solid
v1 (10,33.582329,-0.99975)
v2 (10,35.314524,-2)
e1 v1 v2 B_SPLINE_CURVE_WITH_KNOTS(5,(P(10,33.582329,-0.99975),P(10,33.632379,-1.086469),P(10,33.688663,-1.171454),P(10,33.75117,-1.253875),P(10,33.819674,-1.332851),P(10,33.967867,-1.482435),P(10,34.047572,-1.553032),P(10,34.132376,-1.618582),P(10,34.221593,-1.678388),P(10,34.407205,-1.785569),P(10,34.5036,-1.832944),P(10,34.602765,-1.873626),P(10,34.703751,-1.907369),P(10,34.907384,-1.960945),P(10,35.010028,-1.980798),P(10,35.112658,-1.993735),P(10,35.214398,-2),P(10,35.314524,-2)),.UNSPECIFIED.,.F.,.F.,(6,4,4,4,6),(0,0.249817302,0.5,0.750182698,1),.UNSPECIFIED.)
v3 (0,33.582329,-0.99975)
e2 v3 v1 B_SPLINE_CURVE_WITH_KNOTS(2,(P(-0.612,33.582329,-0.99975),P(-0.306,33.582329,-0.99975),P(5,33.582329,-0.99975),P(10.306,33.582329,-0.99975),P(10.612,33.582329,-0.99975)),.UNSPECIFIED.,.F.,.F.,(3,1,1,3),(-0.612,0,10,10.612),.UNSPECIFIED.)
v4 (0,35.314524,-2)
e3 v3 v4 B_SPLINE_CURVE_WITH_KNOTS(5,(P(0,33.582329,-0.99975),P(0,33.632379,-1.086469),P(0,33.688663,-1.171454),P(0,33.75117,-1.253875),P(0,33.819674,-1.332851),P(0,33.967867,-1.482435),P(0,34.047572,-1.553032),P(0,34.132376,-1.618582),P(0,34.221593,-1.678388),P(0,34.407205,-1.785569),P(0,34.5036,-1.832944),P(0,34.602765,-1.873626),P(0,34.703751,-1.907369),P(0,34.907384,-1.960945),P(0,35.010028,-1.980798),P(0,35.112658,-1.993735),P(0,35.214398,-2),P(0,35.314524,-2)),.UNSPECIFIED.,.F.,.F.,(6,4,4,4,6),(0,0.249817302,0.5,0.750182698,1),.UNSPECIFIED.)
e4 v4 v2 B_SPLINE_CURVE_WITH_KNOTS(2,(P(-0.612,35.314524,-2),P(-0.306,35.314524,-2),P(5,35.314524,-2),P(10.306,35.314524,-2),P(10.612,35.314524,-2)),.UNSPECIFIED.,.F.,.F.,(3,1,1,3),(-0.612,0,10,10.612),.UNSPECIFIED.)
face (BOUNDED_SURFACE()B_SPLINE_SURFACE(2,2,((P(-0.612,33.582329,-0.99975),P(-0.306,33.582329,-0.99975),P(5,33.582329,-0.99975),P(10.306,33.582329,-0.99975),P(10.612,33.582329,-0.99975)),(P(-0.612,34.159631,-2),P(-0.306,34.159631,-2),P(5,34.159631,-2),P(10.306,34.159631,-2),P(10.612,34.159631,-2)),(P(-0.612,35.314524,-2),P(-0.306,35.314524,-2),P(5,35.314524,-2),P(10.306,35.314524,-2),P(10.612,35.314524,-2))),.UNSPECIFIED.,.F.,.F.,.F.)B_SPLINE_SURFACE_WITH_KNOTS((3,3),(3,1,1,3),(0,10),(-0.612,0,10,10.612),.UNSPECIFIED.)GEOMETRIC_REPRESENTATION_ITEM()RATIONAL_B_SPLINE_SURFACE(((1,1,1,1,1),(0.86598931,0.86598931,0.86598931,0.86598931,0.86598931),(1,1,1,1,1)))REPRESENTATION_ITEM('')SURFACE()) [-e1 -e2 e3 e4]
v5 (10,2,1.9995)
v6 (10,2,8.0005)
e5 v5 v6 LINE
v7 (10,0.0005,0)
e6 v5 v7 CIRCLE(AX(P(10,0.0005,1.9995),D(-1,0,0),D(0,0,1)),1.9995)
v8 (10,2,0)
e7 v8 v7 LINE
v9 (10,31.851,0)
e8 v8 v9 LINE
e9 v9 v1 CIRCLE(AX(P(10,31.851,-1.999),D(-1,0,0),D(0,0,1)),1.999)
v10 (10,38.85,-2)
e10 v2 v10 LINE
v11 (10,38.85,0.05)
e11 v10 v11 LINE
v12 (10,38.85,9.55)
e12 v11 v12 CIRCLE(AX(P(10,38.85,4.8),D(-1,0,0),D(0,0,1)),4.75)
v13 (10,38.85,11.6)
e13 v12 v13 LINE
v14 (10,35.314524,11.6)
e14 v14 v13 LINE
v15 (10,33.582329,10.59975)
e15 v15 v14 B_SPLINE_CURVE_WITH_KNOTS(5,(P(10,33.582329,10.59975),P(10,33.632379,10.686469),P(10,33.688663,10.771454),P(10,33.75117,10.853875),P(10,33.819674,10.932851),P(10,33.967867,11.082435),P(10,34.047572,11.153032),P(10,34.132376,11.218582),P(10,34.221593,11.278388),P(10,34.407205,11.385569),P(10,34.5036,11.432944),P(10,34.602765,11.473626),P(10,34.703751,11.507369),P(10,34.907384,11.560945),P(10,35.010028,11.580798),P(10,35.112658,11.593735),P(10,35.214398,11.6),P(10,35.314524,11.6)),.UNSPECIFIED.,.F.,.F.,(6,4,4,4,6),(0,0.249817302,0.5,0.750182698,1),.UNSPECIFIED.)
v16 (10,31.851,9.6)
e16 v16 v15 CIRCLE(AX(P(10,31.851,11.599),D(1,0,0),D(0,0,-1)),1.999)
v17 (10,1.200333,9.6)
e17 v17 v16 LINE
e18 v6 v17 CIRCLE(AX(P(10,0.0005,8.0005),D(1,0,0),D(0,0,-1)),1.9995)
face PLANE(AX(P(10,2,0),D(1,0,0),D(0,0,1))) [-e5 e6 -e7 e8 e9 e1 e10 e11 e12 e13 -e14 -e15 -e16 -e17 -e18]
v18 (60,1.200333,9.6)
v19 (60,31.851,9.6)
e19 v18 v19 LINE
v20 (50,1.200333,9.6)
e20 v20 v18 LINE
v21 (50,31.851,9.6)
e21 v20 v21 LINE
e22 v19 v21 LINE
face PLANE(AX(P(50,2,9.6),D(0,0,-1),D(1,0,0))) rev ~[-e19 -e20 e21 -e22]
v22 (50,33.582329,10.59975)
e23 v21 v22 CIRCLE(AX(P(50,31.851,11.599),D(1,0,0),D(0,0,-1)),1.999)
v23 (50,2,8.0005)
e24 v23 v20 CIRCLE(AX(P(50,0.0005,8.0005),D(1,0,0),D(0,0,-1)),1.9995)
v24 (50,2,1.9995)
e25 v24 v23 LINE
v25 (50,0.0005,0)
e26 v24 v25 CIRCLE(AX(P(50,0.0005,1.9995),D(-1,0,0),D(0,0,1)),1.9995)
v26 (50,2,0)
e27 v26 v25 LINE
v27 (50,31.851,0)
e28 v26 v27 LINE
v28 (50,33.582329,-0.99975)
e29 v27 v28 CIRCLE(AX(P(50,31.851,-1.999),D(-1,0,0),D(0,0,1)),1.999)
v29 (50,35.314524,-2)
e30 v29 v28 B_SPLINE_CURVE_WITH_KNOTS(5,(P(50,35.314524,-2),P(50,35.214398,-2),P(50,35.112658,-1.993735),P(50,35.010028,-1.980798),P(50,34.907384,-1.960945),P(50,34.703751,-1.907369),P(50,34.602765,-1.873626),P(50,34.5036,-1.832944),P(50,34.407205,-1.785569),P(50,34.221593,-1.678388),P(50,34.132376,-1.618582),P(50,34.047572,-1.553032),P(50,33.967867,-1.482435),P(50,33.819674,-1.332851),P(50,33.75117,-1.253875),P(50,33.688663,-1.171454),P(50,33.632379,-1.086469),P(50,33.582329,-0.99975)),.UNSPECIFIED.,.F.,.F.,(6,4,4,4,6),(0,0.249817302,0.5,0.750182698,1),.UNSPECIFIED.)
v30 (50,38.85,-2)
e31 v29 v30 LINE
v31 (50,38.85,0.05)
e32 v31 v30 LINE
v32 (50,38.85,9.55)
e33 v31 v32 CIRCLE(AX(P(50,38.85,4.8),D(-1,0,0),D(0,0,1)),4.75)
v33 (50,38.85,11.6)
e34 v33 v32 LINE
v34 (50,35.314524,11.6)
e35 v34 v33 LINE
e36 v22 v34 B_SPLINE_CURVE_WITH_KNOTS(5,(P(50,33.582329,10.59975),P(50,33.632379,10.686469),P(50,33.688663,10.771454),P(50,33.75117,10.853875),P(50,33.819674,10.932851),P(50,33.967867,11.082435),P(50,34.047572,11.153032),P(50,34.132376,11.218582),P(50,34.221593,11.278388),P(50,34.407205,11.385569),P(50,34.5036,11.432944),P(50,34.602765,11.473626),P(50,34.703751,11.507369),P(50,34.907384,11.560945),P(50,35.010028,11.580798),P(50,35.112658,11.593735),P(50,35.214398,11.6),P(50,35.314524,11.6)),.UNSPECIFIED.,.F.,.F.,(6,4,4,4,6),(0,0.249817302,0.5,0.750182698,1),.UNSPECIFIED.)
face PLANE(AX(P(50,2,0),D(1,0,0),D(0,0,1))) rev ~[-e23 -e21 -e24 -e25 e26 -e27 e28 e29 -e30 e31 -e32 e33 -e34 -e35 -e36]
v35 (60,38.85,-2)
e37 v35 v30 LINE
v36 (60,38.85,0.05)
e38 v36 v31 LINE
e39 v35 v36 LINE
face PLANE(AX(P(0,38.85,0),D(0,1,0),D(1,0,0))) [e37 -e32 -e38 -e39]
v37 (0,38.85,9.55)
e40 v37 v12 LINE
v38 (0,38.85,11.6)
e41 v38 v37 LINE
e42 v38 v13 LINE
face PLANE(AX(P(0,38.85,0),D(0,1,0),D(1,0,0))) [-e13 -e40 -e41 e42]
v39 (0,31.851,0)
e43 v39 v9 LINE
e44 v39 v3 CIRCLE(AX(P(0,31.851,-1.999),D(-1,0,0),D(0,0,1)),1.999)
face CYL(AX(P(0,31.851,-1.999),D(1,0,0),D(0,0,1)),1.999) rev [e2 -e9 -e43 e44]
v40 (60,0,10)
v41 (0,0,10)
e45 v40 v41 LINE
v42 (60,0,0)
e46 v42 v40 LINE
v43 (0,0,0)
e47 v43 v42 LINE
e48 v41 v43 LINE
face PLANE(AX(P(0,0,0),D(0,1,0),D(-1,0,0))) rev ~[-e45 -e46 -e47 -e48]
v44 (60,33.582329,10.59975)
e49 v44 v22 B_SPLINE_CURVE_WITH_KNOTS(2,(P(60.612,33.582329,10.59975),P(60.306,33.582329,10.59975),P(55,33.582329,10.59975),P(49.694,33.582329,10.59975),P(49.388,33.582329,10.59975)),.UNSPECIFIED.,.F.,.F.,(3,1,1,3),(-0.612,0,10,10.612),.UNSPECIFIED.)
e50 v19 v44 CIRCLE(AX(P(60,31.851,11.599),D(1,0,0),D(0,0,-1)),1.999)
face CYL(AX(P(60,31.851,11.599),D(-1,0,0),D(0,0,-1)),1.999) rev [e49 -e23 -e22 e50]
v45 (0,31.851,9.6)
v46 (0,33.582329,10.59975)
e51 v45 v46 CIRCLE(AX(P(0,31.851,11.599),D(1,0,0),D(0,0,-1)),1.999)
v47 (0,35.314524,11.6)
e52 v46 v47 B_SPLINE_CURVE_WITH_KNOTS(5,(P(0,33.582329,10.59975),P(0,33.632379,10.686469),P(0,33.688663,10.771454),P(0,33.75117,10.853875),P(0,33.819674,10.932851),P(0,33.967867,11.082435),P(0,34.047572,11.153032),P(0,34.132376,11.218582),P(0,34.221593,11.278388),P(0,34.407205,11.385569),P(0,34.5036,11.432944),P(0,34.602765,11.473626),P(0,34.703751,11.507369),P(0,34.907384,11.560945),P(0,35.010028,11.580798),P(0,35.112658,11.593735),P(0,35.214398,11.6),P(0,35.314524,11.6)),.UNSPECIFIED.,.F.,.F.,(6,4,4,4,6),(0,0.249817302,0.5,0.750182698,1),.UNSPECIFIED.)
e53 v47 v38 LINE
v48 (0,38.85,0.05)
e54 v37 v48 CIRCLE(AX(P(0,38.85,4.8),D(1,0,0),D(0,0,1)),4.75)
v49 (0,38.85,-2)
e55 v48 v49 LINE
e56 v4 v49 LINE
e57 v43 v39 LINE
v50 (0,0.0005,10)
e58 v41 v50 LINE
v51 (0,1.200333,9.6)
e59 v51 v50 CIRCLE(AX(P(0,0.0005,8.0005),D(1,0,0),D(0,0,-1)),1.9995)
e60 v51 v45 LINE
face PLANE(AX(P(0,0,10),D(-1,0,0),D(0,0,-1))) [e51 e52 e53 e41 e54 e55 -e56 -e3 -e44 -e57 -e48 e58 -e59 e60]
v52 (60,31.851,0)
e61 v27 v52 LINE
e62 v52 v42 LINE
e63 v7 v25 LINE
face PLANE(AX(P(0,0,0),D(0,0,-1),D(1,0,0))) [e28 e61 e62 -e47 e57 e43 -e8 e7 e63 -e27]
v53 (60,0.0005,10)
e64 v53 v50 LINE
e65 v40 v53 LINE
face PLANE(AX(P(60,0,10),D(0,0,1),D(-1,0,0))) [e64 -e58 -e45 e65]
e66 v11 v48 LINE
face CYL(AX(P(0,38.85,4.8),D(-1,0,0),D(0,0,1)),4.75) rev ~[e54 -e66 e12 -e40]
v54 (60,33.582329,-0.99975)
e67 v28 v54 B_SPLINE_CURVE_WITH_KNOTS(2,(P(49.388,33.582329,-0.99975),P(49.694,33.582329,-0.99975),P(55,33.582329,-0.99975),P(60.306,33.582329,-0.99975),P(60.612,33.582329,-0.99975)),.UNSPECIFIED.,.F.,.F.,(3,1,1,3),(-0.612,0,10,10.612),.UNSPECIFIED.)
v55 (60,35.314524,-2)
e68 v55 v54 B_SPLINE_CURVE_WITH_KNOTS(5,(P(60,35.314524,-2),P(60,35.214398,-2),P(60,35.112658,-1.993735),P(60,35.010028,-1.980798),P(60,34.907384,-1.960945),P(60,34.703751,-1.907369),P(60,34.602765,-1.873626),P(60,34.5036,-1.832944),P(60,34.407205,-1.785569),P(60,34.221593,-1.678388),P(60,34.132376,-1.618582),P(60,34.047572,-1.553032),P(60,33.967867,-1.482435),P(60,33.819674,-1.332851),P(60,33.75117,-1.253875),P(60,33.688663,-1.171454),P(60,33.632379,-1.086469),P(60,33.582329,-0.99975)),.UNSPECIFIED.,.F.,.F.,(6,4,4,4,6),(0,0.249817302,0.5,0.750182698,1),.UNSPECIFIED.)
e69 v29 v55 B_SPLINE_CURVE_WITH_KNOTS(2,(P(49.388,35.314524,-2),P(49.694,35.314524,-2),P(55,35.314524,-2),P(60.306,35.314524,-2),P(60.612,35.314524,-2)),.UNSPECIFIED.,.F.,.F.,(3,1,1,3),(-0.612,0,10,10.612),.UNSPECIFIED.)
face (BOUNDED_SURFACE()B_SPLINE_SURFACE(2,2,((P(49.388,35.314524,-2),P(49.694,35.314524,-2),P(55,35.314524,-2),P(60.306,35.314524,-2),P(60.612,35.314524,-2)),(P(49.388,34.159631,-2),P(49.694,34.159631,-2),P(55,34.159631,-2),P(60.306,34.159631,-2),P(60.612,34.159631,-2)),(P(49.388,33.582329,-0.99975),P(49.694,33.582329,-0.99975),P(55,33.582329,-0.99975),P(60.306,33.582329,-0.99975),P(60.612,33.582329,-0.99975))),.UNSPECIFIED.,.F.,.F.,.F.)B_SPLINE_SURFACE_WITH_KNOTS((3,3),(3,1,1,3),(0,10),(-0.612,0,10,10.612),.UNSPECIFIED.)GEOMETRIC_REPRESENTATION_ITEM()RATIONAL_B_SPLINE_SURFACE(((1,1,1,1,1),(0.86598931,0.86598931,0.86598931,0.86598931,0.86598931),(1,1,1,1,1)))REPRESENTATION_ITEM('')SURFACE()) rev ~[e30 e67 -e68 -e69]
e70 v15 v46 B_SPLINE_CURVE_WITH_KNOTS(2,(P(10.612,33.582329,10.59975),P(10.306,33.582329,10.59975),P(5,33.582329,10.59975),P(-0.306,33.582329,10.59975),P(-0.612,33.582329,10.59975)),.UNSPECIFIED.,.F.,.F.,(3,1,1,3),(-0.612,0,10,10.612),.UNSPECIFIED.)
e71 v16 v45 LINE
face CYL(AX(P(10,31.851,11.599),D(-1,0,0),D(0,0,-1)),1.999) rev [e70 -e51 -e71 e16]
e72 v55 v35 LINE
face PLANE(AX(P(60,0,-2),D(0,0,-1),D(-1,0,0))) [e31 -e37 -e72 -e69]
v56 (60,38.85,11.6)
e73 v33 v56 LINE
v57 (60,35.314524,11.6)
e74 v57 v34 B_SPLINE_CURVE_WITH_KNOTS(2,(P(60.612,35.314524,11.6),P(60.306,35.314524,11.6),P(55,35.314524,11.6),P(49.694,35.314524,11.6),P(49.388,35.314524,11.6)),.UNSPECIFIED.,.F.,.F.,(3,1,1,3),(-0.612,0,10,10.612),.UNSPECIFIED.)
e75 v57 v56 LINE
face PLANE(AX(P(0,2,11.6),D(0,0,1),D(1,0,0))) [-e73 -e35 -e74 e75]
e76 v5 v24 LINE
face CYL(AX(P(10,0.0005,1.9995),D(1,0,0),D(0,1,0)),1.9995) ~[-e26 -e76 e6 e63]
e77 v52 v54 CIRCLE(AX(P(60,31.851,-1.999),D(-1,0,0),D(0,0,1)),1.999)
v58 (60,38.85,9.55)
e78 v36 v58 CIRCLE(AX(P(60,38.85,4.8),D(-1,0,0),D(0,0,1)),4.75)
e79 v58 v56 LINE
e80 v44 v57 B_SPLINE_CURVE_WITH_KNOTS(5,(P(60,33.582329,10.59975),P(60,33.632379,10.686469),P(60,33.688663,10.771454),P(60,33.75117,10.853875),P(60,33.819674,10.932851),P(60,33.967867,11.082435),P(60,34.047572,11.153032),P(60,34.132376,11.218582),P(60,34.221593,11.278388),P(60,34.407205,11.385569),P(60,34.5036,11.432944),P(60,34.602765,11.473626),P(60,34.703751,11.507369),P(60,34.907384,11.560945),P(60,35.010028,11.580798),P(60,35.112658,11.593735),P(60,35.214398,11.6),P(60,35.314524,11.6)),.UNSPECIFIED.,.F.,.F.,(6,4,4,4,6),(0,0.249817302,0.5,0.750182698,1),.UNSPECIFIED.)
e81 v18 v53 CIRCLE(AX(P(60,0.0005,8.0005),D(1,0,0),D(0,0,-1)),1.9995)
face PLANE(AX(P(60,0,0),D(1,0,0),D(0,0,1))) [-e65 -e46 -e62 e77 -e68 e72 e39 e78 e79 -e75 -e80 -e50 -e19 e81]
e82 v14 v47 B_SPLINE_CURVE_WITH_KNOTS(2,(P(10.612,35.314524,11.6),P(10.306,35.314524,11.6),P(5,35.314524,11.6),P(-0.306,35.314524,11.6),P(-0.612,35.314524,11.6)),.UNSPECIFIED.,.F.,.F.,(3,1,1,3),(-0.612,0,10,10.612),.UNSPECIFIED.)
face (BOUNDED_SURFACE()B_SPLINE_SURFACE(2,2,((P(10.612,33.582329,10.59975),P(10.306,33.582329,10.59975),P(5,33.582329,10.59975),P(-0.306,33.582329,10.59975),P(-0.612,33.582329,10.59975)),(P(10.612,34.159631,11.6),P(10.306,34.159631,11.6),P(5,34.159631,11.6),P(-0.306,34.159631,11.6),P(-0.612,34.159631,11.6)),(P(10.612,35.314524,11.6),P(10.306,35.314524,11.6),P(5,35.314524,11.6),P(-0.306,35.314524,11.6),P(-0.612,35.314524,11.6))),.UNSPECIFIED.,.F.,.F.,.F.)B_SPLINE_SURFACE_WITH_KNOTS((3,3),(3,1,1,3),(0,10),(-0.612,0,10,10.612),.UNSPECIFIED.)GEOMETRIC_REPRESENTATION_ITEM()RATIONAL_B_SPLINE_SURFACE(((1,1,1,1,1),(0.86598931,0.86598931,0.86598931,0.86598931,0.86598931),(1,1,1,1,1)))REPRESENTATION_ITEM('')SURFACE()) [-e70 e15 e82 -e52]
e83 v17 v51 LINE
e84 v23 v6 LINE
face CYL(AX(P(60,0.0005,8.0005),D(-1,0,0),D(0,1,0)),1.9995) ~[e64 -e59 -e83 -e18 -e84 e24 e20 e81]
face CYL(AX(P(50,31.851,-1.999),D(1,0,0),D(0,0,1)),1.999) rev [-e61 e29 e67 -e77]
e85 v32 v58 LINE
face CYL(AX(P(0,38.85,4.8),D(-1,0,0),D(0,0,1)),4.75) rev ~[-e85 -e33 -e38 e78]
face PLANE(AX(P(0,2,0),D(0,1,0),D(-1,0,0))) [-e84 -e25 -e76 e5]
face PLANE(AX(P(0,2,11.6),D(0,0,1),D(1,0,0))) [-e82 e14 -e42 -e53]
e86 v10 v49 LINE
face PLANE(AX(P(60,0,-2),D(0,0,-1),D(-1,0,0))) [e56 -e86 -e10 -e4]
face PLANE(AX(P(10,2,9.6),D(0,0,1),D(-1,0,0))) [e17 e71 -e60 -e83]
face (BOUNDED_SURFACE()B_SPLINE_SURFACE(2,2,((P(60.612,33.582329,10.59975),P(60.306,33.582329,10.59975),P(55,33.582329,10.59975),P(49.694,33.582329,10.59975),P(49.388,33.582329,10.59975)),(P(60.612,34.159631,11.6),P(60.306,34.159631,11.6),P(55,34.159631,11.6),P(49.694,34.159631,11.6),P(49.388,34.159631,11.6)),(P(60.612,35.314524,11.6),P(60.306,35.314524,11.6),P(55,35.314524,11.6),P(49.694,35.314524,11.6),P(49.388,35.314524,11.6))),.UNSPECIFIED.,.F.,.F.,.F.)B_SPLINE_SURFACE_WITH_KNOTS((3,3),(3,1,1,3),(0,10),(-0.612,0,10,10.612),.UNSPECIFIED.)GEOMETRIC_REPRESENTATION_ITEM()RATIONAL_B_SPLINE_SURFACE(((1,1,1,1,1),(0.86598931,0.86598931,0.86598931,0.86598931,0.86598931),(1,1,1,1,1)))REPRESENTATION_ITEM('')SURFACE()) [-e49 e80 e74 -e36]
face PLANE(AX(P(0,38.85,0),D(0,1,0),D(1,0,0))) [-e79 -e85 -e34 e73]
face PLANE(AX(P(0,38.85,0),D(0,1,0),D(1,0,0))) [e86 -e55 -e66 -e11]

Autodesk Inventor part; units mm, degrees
ref_plane "YZ Plane" through (0, 0, 0) normal (1, 0, 0) x (0, 1, 0)
ref_plane "XZ Plane" through (0, 0, 0) normal (0, 1, 0) x (-1, 0, 0)
ref_plane "XY Plane" through (0, 0, 0) normal (0, 0, 1) x (1, 0, 0)
sketch "Sketch1" plane through (0, 0, 0) normal (0, 1, 0) x (-1, 0, 0)
  line L0 (0, 0) -> (-60, 0)
  line L1 (-60, 0) -> (-60, 10)
  line L2 (-60, 10) -> (0, 10)
  line L3 (0, 10) -> (0, 0)
  dimension "d0" = 60
  dimension "d1" = 10
extrude "Extrusion1" add sketch "Sketch1" along normal blind 2
sketch "Sketch2" plane through (0, 2, 0) normal (0, 1, 0) x (1, 0, 0)
  line L0 (0, 0) -> (0, -10) projected
  line L1 (0, 0) -> (10, 0)
  line L2 (10, 0) -> (10, -9.6)
  line L3 (10, -9.6) -> (0, -9.6)
  line L4 (0, -9.6) -> (0, 0)
  line L5 (60, -10) -> (60, 0) projected
  line L6 (60, 0) -> (50, 0)
  line L7 (50, 0) -> (50, -9.6)
  line L8 (50, -9.6) -> (60, -9.6)
  line L9 (60, -9.6) -> (60, 0)
  dimension "d4" = 10
  dimension "d5" = 9.6
  dimension "d6" = 10
  dimension "d7" = 9.6
extrude "Extrusion2" add sketch "Sketch2" along normal blind 36.85
sketch "Sketch3" plane through (0, 2, 9.6) normal (0, 0, 1) x (1, 0, 0)
  line L0 (0, -2) -> (0, 36.85) projected
  line L1 (10, 0) -> (10, 36.85) projected
  line L2 (0, 36.85) -> (10, 36.85)
  line L3 (10, 36.85) -> (10, 31.85)
  line L4 (10, 31.85) -> (0, 31.85)
  line L5 (0, 31.85) -> (0, 36.85)
  line L6 (50, 0) -> (50, 36.85) projected
  line L7 (60, -2) -> (60, 36.85) projected
  line L8 (50, 36.85) -> (60, 36.85)
  line L9 (60, 36.85) -> (60, 31.85)
  line L10 (60, 31.85) -> (50, 31.85)
  line L11 (50, 31.85) -> (50, 36.85)
  point P0 (0, 31.85)
  dimension "d10" = 5
  dimension "d11" = 5
extrude "Extrusion3" add sketch "Sketch3" along normal blind 2
sketch "Sketch4" plane through (60, 0, 0) normal (0, 0, -1) x (-1, 0, 0)
  line L0 (0, 0) -> (0, 38.85) projected
  line L1 (10, 2) -> (10, 38.85) projected
  line L2 (0, 38.85) -> (10, 38.85)
  line L3 (10, 38.85) -> (10, 33.85)
  line L4 (10, 33.85) -> (0, 33.85)
  line L5 (0, 33.85) -> (0, 38.85)
  line L6 (50, 2) -> (50, 38.85) projected
  line L7 (60, 0) -> (60, 38.85) projected
  line L8 (50, 38.85) -> (60, 38.85)
  line L9 (60, 38.85) -> (60, 33.85)
  line L10 (60, 33.85) -> (50, 33.85)
  line L11 (50, 33.85) -> (50, 38.85)
  point P0 (0, 33.85)
  dimension "d14" = 5
  dimension "d15" = 5
extrude "Extrusion4" add sketch "Sketch4" along normal blind 2
sketch "Sketch5" plane through (0, 0, 0) normal (-1, 0, 0) x (0, 0, 1)
  line L0 (-2, 38.85) -> (11.6, 38.85) projected
  circle A0 centre (4.8, 38.85) radius 4.75
  point P0 (0, 0)
  dimension "d18" = 9.5
extrude "Extrusion5" cut sketch "Sketch5" against normal through all
fillet "Fillet1" radius 2 8 edges at (55, 33.85, 0) (55, 33.85, 9.6) (55, 33.85, 11.6) (55, 33.85, -2) (5, 33.85, 0) (5, 33.85, -2) (5, 33.85, 9.6) (5, 33.85, 11.6)
fillet "Fillet2" radius 2 2 edges at (30, 2, 10) (30, 2, 0)
properties part number "dg_mount"
